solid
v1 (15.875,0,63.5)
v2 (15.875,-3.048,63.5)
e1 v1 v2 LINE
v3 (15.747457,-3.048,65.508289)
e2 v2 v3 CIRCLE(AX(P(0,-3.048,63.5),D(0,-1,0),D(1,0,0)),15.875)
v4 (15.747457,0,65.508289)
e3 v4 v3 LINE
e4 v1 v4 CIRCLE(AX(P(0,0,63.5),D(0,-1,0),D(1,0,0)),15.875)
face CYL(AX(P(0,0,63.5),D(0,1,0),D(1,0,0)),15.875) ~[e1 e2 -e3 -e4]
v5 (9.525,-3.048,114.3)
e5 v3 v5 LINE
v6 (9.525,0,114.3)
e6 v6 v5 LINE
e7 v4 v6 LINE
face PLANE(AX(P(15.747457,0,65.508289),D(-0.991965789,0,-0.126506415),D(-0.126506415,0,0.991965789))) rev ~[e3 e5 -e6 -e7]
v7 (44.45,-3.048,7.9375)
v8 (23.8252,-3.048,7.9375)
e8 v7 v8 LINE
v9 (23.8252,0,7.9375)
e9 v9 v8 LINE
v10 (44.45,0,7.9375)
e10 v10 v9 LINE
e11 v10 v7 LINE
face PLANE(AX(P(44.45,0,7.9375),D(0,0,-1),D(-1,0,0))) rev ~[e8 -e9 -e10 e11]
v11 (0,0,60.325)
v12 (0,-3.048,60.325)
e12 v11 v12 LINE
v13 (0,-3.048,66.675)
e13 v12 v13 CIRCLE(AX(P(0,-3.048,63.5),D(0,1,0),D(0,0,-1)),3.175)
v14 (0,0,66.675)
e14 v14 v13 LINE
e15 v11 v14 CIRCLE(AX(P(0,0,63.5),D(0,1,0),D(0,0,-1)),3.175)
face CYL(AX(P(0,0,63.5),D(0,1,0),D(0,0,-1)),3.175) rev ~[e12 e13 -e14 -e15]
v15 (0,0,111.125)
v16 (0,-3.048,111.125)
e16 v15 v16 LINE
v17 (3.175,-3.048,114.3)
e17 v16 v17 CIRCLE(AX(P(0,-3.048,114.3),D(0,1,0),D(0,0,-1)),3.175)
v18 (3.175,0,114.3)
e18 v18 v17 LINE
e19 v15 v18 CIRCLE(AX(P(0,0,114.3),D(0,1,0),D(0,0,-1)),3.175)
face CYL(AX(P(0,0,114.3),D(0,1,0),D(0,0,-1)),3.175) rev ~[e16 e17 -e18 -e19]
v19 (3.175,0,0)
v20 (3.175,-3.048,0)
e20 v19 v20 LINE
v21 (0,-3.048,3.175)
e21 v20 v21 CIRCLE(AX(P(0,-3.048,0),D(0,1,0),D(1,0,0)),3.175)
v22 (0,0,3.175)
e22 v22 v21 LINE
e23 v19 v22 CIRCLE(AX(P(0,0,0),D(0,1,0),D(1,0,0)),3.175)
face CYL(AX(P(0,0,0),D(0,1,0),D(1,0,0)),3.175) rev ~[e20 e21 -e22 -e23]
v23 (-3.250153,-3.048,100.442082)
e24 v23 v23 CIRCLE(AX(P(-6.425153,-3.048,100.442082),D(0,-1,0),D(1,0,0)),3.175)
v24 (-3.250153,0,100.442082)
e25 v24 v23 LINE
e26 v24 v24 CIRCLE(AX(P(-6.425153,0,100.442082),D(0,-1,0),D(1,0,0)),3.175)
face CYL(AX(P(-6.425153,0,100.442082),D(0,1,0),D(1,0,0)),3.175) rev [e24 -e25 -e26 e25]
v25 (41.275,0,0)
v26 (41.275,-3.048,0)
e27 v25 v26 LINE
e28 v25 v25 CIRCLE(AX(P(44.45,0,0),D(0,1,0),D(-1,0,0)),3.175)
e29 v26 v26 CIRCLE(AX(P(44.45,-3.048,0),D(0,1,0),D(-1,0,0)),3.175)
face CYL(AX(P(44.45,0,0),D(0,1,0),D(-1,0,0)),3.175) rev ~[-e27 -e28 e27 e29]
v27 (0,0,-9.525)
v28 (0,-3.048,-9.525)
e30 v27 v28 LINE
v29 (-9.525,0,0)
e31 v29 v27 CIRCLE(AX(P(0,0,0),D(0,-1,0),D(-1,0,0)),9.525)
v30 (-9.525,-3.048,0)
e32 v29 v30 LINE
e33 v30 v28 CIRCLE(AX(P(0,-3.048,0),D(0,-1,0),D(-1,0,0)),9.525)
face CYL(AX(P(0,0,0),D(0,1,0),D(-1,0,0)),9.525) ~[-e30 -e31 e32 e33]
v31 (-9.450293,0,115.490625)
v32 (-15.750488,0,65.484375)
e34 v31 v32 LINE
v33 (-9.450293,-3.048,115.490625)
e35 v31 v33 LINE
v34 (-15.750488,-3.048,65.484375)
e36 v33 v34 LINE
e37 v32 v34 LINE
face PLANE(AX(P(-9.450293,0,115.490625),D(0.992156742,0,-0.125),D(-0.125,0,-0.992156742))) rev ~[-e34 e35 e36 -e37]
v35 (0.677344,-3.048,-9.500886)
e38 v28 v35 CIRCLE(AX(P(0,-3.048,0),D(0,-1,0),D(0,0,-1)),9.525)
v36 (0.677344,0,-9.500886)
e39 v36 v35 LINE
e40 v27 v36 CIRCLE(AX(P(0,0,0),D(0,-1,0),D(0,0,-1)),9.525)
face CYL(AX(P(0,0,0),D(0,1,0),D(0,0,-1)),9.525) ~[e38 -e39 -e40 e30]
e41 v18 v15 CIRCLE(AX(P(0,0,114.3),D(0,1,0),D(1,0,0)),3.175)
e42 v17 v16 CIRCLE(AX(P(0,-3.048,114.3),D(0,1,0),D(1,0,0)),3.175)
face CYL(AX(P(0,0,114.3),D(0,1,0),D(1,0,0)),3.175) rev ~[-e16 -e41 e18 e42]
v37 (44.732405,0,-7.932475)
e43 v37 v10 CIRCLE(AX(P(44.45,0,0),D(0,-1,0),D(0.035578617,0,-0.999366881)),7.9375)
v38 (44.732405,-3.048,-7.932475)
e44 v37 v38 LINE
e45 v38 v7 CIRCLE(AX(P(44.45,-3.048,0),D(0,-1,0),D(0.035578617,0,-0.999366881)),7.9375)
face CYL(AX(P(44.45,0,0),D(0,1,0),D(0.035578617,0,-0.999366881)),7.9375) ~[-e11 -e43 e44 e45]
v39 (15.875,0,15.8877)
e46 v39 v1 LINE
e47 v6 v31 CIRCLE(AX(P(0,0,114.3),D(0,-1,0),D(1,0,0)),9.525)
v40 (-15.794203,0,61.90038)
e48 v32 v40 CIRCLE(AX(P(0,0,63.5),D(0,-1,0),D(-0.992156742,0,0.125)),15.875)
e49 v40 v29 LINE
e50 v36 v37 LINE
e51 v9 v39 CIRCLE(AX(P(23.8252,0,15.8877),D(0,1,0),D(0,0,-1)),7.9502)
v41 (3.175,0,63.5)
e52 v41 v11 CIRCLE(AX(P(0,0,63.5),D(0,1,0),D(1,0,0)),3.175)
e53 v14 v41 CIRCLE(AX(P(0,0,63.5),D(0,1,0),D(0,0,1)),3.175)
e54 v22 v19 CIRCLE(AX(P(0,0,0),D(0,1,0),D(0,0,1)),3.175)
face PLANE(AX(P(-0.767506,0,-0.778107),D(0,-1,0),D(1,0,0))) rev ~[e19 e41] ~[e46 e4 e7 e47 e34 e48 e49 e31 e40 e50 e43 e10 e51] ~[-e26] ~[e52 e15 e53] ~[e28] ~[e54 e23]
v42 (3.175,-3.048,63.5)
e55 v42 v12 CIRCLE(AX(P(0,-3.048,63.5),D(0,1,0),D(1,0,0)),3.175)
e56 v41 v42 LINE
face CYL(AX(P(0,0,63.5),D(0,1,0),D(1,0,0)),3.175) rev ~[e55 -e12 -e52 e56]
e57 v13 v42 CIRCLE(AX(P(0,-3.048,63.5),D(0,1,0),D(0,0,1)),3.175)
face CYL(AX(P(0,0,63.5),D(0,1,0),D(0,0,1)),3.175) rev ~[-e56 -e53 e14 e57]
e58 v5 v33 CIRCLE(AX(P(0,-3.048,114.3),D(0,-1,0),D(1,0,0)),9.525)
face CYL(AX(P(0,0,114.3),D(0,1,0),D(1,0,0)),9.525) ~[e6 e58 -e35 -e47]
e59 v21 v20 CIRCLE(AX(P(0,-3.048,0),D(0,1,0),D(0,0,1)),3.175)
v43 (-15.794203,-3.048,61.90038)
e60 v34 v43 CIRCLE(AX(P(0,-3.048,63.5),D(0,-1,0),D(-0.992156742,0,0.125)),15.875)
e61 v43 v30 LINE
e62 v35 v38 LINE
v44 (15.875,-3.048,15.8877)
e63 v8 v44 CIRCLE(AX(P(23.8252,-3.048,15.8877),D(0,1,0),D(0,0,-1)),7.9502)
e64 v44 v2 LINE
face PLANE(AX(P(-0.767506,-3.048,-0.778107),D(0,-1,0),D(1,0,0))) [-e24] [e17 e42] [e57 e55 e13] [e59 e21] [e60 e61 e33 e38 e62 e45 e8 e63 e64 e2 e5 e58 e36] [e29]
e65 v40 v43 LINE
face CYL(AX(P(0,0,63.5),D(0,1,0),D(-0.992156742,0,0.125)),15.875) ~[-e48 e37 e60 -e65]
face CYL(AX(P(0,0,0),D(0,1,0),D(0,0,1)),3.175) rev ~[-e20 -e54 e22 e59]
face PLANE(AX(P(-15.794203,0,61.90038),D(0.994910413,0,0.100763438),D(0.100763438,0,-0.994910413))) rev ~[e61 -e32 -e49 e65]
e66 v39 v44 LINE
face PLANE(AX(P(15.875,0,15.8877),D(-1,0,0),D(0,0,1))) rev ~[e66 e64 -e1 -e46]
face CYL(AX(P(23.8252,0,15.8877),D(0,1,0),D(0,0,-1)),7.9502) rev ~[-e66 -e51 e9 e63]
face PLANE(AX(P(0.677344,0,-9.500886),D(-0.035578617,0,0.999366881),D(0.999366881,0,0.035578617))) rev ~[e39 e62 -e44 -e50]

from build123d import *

# Parameters (mm, degrees)
F0_R     = 3.175
F1_DEPTH = 3.048


with BuildPart() as f1:
    # F0 (on Front) → F1 (new body)
    with BuildSketch(Plane.XZ):
        with BuildLine():
            ThreePointArc((3.175, 0), (-2.2450640303, -2.2450640303), (0, 3.175))
            Line((0, 3.175), (0, 9.525))
            ThreePointArc((0, 9.525), (-6.7351920908, 6.7351920908), (-9.525, 0))
            ThreePointArc((-9.525, 0), (-6.7351920908, -6.7351920908), (0, -9.525))
            Line((0, -9.525), (0.6773435479, -9.500885786))
            ThreePointArc((0.6773435479, -9.500885786), (6.9705567315, -6.4912990883), (9.525, 0))
            Line((9.525, 0), (3.175, 0))
        make_face()
        with BuildLine():
            ThreePointArc((-9.525, 0), (-6.7351920908, 6.7351920908), (0, 9.525))
            Line((0, 9.525), (0, 47.625))
            ThreePointArc((0, 47.625), (-10.644756084, 51.722700101), (-15.7942028036, 61.9003804205))
            Line((-15.7942028036, 61.9003804205), (-9.525, 0))
        make_face()
        with BuildLine():
            Line((0, 47.625), (0, 9.525))
            ThreePointArc((0, 9.525), (6.7351920908, 6.7351920908), (9.525, 0))
            Line((9.525, 0), (36.5125, 0))
            ThreePointArc((36.5125, 0), (38.8373399243, 5.6126600757), (44.45, 7.9375))
            Line((44.45, 7.9375), (23.8252, 7.9375))
            ThreePointArc((23.8252, 7.9375), (18.2035596682, 10.2660596682), (15.875, 15.8877))
            Line((15.875, 15.8877), (15.875, 63.5))
            ThreePointArc((15.875, 63.5), (11.2253201513, 52.2746798487), (0, 47.625))
        make_face()
        with BuildLine():
            Line((36.5125, 0), (9.525, 0))
            ThreePointArc((9.525, 0), (6.9705567315, -6.4912990883), (0.6773435479, -9.500885786))
            Line((0.6773435479, -9.500885786), (44.7324052746, -7.9324746146))
            ThreePointArc((44.7324052746, -7.9324746146), (38.9380895153, -5.7116327839), (36.5125, 0))
        make_face()
        with BuildLine():
            ThreePointArc((-15.7942028036, 61.9003804205), (-10.644756084, 51.722700101), (0, 47.625))
            Line((0, 47.625), (0, 60.325))
            ThreePointArc((0, 60.325), (-3.175, 63.5), (0, 66.675))
            Line((0, 66.675), (0, 79.375))
            ThreePointArc((0, 79.375), (-10.5003255158, 75.40625), (-15.7504882737, 65.484375))
            ThreePointArc((-15.7504882737, 65.484375), (-15.8738192656, 63.6936154008), (-15.7942028036, 61.9003804205))
        make_face()
        with BuildLine():
            Line((0, 60.325), (0, 47.625))
            ThreePointArc((0, 47.625), (11.2253201513, 52.2746798487), (15.875, 63.5))
            ThreePointArc((15.875, 63.5), (15.8430821396, 64.5061676396), (15.7474569047, 65.5082893304))
            ThreePointArc((15.7474569047, 65.5082893304), (10.4912828548, 75.4142187767), (0, 79.375))
            Line((0, 79.375), (0, 66.675))
            ThreePointArc((0, 66.675), (2.2450640303, 65.7450640303), (3.175, 63.5))
            ThreePointArc((3.175, 63.5), (2.2450640303, 61.2549359697), (0, 60.325))
        make_face()
        with BuildLine():
            ThreePointArc((44.45, 7.9375), (38.8373399243, 5.6126600757), (36.5125, 0))
            ThreePointArc((36.5125, 0), (38.9380895153, -5.7116327839), (44.7324052746, -7.9324746146))
            ThreePointArc((44.7324052746, -7.9324746146), (50.1616327839, -5.5119104847), (52.3875, 0))
            ThreePointArc((52.3875, 0), (50.0626600757, 5.6126600757), (44.45, 7.9375))
        make_face()
        with BuildLine():
            ThreePointArc((47.625, 0), (44.45, -3.175), (41.275, 0))
            ThreePointArc((41.275, 0), (44.45, 3.175), (47.625, 0))
        make_face(mode=Mode.SUBTRACT)
        with BuildLine():
            ThreePointArc((0, -9.525), (0.3388863295, -9.5189695375), (0.6773435479, -9.500885786))
            Line((0.6773435479, -9.500885786), (0, -9.525))
        make_face()
        with BuildLine():
            Line((-9.4502929642, 115.490625), (-15.7504882737, 65.484375))
            ThreePointArc((-15.7504882737, 65.484375), (-10.5003255158, 75.40625), (0, 79.375))
            Line((0, 79.375), (0, 104.775))
            ThreePointArc((0, 104.775), (-7.14375, 107.9998046905), (-9.4502929642, 115.490625))
        make_face()
        with Locations((-6.4251534641, 100.4420816898)):
            Circle(F0_R, mode=Mode.SUBTRACT)
        with BuildLine():
            ThreePointArc((0, 79.375), (10.4912828548, 75.4142187767), (15.7474569047, 65.5082893304))
            Line((15.7474569047, 65.5082893304), (9.525, 114.3))
            ThreePointArc((9.525, 114.3), (6.7351920908, 107.5648079092), (0, 104.775))
            Line((0, 104.775), (0, 79.375))
        make_face()
        with BuildLine():
            ThreePointArc((9.525, 114.3), (0.596483242, 123.8063048942), (-9.4502929642, 115.490625))
            ThreePointArc((-9.4502929642, 115.490625), (-7.14375, 107.9998046905), (0, 104.775))
            ThreePointArc((0, 104.775), (6.7351920908, 107.5648079092), (9.525, 114.3))
        make_face()
        with BuildLine():
            ThreePointArc((3.175, 114.3), (2.2450640303, 112.0549359697), (0, 111.125))
            ThreePointArc((0, 111.125), (-2.2450640303, 116.5450640303), (3.175, 114.3))
        make_face(mode=Mode.SUBTRACT)
        with BuildLine():
            Line((0, 9.525), (0, 3.175))
            ThreePointArc((0, 3.175), (2.2450640303, 2.2450640303), (3.175, 0))
            Line((3.175, 0), (9.525, 0))
            ThreePointArc((9.525, 0), (6.7351920908, 6.7351920908), (0, 9.525))
        make_face()
    extrude(amount=F1_DEPTH)


solid = f1.part
